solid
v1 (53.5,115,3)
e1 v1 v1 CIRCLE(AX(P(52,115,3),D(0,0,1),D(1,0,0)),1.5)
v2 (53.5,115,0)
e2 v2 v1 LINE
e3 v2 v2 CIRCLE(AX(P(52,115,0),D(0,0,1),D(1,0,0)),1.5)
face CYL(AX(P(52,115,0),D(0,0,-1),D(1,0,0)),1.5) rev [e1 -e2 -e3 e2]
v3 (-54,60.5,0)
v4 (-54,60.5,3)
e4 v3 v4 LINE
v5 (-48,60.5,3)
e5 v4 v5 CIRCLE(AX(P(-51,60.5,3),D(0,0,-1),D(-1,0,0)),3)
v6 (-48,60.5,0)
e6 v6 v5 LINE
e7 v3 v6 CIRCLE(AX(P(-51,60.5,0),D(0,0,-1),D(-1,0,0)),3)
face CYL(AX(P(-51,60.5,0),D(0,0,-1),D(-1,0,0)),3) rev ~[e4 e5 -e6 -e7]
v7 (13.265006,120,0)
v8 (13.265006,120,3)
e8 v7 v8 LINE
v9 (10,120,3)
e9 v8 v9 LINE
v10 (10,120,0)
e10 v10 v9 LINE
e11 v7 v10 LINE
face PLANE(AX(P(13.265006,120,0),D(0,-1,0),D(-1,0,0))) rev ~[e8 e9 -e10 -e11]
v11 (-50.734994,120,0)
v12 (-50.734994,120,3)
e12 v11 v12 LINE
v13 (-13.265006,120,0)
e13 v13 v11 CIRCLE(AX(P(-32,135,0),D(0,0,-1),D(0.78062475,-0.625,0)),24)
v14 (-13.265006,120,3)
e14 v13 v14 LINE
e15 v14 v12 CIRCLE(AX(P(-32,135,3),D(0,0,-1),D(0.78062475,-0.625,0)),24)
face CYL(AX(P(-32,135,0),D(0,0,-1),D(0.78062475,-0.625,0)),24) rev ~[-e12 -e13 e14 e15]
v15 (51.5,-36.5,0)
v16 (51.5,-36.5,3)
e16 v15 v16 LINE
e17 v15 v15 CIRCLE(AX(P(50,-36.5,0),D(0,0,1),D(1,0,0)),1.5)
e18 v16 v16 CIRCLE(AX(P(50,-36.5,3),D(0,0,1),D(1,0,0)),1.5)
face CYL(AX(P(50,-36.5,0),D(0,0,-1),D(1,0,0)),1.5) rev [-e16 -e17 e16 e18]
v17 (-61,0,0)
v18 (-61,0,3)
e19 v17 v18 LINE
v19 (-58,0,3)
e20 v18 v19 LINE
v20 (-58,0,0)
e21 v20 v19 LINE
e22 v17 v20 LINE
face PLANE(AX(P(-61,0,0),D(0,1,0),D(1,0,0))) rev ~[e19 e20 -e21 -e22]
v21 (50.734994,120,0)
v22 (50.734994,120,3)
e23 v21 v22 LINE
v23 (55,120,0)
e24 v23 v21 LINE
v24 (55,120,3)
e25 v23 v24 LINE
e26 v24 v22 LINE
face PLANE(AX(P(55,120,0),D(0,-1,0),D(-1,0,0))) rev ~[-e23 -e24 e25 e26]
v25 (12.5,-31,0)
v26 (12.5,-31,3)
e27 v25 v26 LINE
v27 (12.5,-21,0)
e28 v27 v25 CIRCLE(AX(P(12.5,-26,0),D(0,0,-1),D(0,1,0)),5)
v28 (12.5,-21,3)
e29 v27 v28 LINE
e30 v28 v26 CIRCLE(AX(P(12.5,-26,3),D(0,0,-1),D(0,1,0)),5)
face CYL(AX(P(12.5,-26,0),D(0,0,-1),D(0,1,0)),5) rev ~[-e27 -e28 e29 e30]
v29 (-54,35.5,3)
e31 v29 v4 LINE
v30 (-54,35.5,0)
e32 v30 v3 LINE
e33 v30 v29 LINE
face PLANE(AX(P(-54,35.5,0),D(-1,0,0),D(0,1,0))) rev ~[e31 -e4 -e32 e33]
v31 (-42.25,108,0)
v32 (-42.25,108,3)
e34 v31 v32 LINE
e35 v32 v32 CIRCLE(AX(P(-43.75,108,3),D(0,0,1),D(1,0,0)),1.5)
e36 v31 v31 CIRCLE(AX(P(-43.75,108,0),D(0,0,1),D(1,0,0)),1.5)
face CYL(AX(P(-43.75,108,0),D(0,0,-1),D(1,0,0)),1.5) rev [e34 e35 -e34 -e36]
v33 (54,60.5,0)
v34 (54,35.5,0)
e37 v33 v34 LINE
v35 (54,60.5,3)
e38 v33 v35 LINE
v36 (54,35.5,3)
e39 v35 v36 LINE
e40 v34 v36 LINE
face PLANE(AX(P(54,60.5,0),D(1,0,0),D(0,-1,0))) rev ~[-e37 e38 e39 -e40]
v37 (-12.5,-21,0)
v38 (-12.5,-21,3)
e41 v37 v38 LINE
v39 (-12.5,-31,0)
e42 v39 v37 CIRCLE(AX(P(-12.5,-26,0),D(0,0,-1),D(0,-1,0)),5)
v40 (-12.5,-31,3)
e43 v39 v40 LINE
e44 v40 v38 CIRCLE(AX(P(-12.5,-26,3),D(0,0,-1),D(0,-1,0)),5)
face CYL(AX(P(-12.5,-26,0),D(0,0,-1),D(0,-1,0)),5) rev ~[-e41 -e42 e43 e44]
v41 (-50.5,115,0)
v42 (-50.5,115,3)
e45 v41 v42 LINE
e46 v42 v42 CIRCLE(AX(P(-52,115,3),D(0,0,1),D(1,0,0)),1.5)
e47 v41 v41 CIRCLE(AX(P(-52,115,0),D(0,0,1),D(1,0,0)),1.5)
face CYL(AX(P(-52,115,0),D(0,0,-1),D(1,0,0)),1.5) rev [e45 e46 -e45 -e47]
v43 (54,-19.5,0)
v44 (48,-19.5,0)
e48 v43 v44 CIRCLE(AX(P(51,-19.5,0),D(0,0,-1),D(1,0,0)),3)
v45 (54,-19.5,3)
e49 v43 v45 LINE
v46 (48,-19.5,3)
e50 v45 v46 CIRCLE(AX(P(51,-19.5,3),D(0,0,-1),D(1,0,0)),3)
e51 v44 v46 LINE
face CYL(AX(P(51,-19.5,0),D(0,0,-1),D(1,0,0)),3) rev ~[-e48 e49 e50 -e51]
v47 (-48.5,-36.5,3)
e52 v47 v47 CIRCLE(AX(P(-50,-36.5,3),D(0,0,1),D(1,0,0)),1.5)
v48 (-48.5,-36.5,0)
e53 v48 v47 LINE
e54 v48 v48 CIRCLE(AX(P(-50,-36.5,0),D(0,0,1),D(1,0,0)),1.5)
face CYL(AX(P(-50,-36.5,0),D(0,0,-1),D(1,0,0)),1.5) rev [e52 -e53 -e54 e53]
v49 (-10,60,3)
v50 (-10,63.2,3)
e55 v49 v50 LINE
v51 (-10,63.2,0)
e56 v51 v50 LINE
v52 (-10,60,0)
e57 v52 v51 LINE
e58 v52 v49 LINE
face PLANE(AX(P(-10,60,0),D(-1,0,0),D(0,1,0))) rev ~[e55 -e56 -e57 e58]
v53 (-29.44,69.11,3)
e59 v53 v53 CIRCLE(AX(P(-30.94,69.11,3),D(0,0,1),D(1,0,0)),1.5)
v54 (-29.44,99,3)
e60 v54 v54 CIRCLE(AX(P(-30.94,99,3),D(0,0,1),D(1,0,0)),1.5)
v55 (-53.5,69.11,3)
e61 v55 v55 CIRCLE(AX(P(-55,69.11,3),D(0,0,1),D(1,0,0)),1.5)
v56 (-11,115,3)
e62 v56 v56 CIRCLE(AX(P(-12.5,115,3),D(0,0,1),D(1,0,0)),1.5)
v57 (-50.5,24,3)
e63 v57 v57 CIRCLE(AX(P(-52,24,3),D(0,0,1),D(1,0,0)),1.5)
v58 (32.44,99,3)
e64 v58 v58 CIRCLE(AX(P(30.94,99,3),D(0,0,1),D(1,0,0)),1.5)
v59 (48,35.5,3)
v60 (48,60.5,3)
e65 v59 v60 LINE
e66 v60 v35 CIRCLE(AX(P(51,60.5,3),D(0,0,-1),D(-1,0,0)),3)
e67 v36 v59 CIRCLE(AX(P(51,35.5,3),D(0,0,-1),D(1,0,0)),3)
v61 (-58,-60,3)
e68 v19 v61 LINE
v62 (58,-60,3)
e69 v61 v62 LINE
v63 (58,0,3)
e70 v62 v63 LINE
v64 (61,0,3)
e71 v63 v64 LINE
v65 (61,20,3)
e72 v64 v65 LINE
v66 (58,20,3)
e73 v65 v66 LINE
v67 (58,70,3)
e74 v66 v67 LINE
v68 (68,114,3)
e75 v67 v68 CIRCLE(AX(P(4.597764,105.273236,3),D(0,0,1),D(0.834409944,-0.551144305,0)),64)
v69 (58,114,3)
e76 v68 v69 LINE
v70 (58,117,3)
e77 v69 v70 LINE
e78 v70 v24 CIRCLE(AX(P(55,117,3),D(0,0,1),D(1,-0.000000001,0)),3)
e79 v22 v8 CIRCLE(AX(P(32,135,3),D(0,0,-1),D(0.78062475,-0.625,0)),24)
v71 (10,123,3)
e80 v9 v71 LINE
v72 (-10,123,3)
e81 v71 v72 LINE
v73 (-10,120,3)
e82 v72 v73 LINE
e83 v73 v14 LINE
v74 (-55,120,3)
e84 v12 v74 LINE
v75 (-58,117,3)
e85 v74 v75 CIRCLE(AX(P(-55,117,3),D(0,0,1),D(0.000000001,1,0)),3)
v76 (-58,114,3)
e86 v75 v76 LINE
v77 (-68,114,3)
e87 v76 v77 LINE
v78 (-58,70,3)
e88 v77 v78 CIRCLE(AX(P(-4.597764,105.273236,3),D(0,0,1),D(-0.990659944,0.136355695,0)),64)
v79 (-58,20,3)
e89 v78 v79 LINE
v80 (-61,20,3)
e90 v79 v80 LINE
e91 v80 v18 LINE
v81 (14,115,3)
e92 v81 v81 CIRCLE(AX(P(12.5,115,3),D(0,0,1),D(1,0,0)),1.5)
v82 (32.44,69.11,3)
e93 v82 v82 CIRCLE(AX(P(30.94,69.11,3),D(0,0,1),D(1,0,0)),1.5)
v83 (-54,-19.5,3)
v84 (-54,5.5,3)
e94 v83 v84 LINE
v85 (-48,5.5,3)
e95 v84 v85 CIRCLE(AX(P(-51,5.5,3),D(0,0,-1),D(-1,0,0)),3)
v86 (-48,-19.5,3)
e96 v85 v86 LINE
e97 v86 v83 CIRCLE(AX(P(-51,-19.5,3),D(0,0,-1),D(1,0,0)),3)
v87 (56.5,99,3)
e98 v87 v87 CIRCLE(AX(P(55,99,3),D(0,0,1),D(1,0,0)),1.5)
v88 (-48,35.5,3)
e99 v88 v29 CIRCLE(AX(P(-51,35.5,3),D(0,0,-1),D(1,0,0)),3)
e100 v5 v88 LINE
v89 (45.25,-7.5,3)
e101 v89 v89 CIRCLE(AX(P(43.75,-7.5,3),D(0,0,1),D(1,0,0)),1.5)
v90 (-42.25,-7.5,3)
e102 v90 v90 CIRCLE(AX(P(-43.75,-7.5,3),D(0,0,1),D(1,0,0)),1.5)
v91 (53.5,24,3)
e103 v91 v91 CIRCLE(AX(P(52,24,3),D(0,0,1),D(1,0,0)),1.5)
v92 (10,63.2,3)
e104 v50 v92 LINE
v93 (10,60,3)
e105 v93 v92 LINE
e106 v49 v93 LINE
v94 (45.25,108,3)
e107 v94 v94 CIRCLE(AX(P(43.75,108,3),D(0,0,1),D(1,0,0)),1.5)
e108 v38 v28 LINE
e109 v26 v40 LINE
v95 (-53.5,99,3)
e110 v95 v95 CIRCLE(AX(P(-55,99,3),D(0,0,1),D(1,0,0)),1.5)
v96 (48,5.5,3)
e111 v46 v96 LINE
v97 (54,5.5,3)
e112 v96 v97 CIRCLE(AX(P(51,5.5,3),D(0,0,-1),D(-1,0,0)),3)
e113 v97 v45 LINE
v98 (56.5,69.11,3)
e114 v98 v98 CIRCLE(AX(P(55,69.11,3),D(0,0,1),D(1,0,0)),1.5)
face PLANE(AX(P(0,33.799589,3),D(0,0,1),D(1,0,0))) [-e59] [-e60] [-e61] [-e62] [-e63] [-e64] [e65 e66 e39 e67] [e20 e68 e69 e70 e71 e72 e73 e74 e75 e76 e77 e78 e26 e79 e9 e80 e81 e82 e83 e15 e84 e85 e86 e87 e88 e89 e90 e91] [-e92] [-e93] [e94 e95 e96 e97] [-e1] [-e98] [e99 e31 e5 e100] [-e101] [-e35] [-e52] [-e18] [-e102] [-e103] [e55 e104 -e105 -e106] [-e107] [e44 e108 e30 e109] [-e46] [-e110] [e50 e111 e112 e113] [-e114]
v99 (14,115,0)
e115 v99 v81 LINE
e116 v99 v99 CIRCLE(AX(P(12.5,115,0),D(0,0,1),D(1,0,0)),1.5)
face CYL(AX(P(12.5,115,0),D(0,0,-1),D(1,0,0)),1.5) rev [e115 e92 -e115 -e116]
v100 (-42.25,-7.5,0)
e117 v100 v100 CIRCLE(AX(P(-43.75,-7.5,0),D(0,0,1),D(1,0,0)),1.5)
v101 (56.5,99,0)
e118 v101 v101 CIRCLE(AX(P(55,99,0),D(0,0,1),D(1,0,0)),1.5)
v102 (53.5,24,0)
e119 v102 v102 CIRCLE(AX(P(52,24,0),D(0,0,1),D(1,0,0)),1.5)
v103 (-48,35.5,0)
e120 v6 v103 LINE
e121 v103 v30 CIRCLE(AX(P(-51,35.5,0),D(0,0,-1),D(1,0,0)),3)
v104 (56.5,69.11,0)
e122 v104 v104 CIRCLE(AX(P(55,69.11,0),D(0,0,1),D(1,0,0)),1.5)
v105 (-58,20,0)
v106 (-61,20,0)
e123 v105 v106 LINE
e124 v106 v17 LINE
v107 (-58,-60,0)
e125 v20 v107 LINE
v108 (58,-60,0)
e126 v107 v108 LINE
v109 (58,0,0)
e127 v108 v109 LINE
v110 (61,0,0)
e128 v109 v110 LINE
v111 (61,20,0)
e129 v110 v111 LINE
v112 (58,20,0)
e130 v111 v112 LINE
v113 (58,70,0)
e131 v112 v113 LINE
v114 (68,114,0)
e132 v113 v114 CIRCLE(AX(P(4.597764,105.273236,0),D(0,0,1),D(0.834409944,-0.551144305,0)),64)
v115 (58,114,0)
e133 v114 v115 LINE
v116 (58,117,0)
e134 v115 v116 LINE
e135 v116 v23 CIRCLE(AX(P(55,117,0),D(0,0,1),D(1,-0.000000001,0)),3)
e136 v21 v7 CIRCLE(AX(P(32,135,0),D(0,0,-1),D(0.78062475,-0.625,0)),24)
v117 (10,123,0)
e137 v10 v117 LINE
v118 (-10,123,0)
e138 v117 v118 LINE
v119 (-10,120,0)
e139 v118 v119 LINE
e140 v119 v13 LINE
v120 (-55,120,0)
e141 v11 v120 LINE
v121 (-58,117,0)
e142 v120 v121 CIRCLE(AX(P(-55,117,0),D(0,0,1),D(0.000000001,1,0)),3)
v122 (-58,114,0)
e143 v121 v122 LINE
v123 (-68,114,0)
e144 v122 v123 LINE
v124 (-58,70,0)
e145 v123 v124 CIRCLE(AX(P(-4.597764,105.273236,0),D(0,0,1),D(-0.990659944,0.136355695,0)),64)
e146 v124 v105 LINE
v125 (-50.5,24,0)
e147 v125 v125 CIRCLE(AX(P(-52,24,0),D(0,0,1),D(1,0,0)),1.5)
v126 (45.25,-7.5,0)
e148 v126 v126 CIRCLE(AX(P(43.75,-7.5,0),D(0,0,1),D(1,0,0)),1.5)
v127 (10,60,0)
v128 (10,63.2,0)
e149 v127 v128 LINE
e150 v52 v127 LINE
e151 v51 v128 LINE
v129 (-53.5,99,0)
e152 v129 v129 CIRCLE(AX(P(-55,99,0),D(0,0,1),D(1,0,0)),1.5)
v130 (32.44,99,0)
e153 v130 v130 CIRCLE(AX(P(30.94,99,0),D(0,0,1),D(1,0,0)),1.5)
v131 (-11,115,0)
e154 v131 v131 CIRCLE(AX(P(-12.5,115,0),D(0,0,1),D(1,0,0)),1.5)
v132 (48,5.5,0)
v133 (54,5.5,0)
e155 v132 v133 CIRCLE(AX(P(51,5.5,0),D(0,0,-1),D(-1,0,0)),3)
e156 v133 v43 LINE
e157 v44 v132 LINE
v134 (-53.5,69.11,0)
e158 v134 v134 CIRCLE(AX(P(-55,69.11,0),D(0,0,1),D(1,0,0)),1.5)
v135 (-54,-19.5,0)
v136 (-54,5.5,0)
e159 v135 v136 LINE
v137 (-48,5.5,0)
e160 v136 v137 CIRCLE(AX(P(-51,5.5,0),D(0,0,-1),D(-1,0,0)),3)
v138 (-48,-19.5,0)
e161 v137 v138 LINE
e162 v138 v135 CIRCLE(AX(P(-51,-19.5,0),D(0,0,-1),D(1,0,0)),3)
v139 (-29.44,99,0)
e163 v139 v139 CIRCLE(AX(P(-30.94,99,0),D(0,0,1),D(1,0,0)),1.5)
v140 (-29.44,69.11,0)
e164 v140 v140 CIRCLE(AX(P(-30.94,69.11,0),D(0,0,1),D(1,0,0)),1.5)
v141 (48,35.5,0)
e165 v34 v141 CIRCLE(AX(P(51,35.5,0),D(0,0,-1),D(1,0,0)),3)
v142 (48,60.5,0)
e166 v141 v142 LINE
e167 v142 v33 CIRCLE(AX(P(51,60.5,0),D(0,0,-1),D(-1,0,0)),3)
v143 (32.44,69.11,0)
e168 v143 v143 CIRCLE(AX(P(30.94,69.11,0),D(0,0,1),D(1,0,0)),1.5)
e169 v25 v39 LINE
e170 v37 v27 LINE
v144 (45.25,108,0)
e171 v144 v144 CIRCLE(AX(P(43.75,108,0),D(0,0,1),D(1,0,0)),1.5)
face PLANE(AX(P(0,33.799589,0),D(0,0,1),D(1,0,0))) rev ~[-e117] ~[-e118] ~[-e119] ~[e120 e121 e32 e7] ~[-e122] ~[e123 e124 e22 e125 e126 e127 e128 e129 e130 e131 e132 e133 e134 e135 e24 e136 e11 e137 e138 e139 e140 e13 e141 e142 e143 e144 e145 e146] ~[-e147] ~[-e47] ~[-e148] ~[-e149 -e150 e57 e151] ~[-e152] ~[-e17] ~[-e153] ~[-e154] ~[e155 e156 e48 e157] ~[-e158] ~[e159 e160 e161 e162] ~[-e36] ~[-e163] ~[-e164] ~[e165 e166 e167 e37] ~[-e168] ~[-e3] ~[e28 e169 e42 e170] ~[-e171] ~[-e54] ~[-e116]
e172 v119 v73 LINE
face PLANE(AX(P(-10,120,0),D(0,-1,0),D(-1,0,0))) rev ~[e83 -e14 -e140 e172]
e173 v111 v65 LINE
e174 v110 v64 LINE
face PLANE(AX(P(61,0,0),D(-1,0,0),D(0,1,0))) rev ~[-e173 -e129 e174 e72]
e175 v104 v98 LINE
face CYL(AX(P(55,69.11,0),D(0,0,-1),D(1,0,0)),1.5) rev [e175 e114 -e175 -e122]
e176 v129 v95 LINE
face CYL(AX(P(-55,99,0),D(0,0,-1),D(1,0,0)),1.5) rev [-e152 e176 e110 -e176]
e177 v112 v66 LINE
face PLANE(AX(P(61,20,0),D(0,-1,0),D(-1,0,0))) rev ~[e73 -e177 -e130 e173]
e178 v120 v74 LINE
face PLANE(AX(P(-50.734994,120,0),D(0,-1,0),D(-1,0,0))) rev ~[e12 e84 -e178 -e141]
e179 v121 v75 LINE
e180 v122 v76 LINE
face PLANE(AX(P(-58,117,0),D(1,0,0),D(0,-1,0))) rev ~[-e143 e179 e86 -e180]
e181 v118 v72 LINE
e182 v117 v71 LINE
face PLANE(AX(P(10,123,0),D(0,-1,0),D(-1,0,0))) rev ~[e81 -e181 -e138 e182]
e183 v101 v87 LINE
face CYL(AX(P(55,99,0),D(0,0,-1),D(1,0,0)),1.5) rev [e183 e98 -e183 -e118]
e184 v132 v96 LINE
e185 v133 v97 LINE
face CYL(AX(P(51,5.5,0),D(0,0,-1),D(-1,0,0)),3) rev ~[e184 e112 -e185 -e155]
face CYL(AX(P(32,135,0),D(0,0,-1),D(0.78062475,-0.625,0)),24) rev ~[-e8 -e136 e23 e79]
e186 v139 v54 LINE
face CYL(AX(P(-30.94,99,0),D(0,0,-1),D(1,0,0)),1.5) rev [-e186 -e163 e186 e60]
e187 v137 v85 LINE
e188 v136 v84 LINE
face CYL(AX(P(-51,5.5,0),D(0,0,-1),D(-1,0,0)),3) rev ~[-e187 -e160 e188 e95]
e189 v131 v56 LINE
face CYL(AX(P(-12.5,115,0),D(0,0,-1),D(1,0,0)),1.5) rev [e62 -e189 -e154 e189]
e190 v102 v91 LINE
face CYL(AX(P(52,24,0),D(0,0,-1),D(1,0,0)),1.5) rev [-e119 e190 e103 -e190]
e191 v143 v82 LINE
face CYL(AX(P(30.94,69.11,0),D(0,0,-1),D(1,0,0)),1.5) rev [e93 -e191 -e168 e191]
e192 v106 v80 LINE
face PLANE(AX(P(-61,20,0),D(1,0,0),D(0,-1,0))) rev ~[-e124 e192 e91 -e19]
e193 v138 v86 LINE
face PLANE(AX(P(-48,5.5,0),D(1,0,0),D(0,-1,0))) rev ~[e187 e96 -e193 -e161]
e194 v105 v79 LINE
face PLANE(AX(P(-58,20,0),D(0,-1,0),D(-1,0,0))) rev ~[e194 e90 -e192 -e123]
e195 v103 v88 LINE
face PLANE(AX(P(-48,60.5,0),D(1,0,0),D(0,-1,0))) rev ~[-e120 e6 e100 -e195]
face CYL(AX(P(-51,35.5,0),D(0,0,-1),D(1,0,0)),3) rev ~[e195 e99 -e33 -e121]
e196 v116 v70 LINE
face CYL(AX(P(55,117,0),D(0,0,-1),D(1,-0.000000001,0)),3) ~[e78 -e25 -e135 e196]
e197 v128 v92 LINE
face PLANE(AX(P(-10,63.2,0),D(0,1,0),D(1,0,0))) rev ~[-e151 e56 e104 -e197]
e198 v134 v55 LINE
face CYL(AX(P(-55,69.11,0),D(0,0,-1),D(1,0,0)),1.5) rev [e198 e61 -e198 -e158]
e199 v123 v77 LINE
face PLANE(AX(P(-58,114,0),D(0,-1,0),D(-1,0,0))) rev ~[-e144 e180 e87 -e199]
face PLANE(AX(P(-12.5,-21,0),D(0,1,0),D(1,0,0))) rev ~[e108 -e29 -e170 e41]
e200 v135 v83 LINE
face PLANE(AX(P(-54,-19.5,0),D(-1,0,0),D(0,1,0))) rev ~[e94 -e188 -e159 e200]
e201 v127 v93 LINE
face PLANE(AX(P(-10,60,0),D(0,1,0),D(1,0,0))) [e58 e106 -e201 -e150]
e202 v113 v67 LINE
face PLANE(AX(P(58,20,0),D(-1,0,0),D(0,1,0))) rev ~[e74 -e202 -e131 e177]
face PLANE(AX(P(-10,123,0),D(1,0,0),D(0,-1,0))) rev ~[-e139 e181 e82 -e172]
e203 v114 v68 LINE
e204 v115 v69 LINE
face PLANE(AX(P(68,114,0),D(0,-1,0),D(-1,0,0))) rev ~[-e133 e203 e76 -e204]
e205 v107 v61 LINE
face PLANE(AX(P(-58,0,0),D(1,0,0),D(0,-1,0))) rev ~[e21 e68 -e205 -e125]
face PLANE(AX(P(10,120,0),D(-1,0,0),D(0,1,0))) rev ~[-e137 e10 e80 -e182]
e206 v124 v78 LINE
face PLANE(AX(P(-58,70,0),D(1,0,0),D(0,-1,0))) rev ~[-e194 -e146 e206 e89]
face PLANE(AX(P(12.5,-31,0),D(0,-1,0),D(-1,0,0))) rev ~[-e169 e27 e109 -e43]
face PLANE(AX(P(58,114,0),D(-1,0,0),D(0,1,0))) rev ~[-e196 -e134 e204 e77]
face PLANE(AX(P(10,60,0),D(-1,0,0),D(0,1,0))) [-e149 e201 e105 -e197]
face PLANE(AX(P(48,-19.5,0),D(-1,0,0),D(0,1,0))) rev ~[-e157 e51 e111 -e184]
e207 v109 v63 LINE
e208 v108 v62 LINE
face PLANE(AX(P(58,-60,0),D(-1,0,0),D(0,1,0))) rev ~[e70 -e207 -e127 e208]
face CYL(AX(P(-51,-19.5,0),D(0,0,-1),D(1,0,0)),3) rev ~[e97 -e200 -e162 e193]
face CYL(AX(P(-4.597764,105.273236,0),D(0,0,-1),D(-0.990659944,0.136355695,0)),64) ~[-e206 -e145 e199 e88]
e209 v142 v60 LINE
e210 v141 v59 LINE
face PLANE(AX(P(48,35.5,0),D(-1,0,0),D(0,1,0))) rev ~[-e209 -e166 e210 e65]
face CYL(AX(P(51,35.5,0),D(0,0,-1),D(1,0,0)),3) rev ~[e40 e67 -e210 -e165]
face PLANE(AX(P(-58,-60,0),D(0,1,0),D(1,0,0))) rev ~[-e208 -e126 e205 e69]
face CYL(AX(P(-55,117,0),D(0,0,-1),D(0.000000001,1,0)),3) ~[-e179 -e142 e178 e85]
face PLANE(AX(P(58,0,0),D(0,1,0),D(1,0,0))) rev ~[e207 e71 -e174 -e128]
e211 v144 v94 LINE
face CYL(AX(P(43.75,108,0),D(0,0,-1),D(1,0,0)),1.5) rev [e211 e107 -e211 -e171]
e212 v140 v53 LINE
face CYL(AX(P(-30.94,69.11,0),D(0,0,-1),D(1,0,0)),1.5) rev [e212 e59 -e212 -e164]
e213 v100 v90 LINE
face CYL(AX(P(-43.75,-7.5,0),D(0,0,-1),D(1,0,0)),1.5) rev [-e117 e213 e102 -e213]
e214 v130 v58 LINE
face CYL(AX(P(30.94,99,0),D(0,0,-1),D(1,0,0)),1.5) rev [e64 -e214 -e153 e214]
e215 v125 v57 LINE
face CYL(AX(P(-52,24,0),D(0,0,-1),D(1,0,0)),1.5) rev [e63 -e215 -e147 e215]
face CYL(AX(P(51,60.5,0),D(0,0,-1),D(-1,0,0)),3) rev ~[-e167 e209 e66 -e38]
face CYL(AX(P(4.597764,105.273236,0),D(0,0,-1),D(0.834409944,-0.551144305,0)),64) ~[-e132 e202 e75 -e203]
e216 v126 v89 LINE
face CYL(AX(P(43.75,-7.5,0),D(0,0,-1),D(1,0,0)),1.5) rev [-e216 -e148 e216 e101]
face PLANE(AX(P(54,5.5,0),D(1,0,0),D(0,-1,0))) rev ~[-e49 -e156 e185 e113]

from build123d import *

# Parameters (mm, degrees)
SKETCH1_R           = 1.5
SKETCH1_W           = 20
SKETCH1_H           = 3.2
BOSS_EXTRUDE1_DEPTH = 3


with BuildPart() as part:
    # Sketch1 → Boss-Extrude1 (new body)
    with BuildSketch(Plane.XY):
        with BuildLine():
            Line((10, 120), (10, 123))
            Line((10, 123), (-10, 123))
            Line((-10, 123), (-10, 120))
            Line((-10, 120), (-13.265006005, 120))
            ThreePointArc((-13.265006005, 120), (-32, 111), (-50.734993995, 120))
            Line((-50.734993995, 120), (-55, 120))
            ThreePointArc((-55, 120), (-57.121320344, 119.121320344), (-58, 117))
            Line((-58, 117), (-58, 114))
            Line((-58, 114), (-68, 114))
            ThreePointArc((-68, 114), (-67.006266357, 91.089484919), (-58, 70))
            Line((-58, 70), (-58, 20))
            Line((-58, 20), (-61, 20))
            Line((-61, 20), (-61, 0))
            Line((-61, 0), (-58, 0))
            Line((-58, 0), (-58, -60))
            Line((-58, -60), (58, -60))
            Line((58, -60), (58, 0))
            Line((58, 0), (61, 0))
            Line((61, 0), (61, 20))
            Line((61, 20), (58, 20))
            Line((58, 20), (58, 70))
            ThreePointArc((58, 70), (67.006266357, 91.089484919), (68, 114))
            Line((68, 114), (58, 114))
            Line((58, 114), (58, 117))
            ThreePointArc((58, 117), (57.121320344, 119.121320344), (55, 120))
            Line((55, 120), (50.734993995, 120))
            ThreePointArc((50.734993995, 120), (32, 111), (13.265006005, 120))
            Line((13.265006005, 120), (10, 120))
        make_face()
        with Locations((-55, 99)):
            Circle(SKETCH1_R, mode=Mode.SUBTRACT)
        with Locations((-30.94, 99)):
            Circle(SKETCH1_R, mode=Mode.SUBTRACT)
        with Locations((-55, 69.11)):
            Circle(SKETCH1_R, mode=Mode.SUBTRACT)
        with Locations((-30.94, 69.11)):
            Circle(SKETCH1_R, mode=Mode.SUBTRACT)
        with Locations((30.94, 99)):
            Circle(SKETCH1_R, mode=Mode.SUBTRACT)
        with Locations((55, 99)):
            Circle(SKETCH1_R, mode=Mode.SUBTRACT)
        with Locations((30.94, 69.11)):
            Circle(SKETCH1_R, mode=Mode.SUBTRACT)
        with Locations((55, 69.11)):
            Circle(SKETCH1_R, mode=Mode.SUBTRACT)
        with Locations((-50, -36.5)):
            Circle(SKETCH1_R, mode=Mode.SUBTRACT)
        with Locations((50, -36.5)):
            Circle(SKETCH1_R, mode=Mode.SUBTRACT)
        with Locations((-12.5, 115)):
            Circle(SKETCH1_R, mode=Mode.SUBTRACT)
        with Locations((12.5, 115)):
            Circle(SKETCH1_R, mode=Mode.SUBTRACT)
        with Locations((-43.75, 108)):
            Circle(SKETCH1_R, mode=Mode.SUBTRACT)
        with Locations((43.75, 108)):
            Circle(SKETCH1_R, mode=Mode.SUBTRACT)
        with Locations((-43.75, -7.5)):
            Circle(SKETCH1_R, mode=Mode.SUBTRACT)
        with Locations((43.75, -7.5)):
            Circle(SKETCH1_R, mode=Mode.SUBTRACT)
        with Locations((-52, 24)):
            Circle(SKETCH1_R, mode=Mode.SUBTRACT)
        with Locations((52, 24)):
            Circle(SKETCH1_R, mode=Mode.SUBTRACT)
        with Locations((-52, 115)):
            Circle(SKETCH1_R, mode=Mode.SUBTRACT)
        with Locations((52, 115)):
            Circle(SKETCH1_R, mode=Mode.SUBTRACT)
        with Locations((0, 61.6)):
            Rectangle(SKETCH1_W, SKETCH1_H, mode=Mode.SUBTRACT)
        with BuildLine():
            Line((-48, 60.5), (-48, 35.5))
            ThreePointArc((-48, 35.5), (-51, 32.5), (-54, 35.5))
            Line((-54, 35.5), (-54, 60.5))
            ThreePointArc((-54, 60.5), (-51, 63.5), (-48, 60.5))
        make_face(mode=Mode.SUBTRACT)
        with BuildLine():
            Line((54, 60.5), (54, 35.5))
            ThreePointArc((54, 35.5), (51, 32.5), (48, 35.5))
            Line((48, 35.5), (48, 60.5))
            ThreePointArc((48, 60.5), (51, 63.5), (54, 60.5))
        make_face(mode=Mode.SUBTRACT)
        with BuildLine():
            Line((-48, 5.5), (-48, -19.5))
            ThreePointArc((-48, -19.5), (-51, -22.5), (-54, -19.5))
            Line((-54, -19.5), (-54, 5.5))
            ThreePointArc((-54, 5.5), (-51, 8.5), (-48, 5.5))
        make_face(mode=Mode.SUBTRACT)
        with BuildLine():
            Line((54, 5.5), (54, -19.5))
            ThreePointArc((54, -19.5), (51, -22.5), (48, -19.5))
            Line((48, -19.5), (48, 5.5))
            ThreePointArc((48, 5.5), (51, 8.5), (54, 5.5))
        make_face(mode=Mode.SUBTRACT)
        with BuildLine():
            Line((-12.5, -21), (12.5, -21))
            ThreePointArc((12.5, -21), (17.5, -26), (12.5, -31))
            Line((12.5, -31), (-12.5, -31))
            ThreePointArc((-12.5, -31), (-17.5, -26), (-12.5, -21))
        make_face(mode=Mode.SUBTRACT)
    extrude(amount=BOSS_EXTRUDE1_DEPTH)


solid = part.part
